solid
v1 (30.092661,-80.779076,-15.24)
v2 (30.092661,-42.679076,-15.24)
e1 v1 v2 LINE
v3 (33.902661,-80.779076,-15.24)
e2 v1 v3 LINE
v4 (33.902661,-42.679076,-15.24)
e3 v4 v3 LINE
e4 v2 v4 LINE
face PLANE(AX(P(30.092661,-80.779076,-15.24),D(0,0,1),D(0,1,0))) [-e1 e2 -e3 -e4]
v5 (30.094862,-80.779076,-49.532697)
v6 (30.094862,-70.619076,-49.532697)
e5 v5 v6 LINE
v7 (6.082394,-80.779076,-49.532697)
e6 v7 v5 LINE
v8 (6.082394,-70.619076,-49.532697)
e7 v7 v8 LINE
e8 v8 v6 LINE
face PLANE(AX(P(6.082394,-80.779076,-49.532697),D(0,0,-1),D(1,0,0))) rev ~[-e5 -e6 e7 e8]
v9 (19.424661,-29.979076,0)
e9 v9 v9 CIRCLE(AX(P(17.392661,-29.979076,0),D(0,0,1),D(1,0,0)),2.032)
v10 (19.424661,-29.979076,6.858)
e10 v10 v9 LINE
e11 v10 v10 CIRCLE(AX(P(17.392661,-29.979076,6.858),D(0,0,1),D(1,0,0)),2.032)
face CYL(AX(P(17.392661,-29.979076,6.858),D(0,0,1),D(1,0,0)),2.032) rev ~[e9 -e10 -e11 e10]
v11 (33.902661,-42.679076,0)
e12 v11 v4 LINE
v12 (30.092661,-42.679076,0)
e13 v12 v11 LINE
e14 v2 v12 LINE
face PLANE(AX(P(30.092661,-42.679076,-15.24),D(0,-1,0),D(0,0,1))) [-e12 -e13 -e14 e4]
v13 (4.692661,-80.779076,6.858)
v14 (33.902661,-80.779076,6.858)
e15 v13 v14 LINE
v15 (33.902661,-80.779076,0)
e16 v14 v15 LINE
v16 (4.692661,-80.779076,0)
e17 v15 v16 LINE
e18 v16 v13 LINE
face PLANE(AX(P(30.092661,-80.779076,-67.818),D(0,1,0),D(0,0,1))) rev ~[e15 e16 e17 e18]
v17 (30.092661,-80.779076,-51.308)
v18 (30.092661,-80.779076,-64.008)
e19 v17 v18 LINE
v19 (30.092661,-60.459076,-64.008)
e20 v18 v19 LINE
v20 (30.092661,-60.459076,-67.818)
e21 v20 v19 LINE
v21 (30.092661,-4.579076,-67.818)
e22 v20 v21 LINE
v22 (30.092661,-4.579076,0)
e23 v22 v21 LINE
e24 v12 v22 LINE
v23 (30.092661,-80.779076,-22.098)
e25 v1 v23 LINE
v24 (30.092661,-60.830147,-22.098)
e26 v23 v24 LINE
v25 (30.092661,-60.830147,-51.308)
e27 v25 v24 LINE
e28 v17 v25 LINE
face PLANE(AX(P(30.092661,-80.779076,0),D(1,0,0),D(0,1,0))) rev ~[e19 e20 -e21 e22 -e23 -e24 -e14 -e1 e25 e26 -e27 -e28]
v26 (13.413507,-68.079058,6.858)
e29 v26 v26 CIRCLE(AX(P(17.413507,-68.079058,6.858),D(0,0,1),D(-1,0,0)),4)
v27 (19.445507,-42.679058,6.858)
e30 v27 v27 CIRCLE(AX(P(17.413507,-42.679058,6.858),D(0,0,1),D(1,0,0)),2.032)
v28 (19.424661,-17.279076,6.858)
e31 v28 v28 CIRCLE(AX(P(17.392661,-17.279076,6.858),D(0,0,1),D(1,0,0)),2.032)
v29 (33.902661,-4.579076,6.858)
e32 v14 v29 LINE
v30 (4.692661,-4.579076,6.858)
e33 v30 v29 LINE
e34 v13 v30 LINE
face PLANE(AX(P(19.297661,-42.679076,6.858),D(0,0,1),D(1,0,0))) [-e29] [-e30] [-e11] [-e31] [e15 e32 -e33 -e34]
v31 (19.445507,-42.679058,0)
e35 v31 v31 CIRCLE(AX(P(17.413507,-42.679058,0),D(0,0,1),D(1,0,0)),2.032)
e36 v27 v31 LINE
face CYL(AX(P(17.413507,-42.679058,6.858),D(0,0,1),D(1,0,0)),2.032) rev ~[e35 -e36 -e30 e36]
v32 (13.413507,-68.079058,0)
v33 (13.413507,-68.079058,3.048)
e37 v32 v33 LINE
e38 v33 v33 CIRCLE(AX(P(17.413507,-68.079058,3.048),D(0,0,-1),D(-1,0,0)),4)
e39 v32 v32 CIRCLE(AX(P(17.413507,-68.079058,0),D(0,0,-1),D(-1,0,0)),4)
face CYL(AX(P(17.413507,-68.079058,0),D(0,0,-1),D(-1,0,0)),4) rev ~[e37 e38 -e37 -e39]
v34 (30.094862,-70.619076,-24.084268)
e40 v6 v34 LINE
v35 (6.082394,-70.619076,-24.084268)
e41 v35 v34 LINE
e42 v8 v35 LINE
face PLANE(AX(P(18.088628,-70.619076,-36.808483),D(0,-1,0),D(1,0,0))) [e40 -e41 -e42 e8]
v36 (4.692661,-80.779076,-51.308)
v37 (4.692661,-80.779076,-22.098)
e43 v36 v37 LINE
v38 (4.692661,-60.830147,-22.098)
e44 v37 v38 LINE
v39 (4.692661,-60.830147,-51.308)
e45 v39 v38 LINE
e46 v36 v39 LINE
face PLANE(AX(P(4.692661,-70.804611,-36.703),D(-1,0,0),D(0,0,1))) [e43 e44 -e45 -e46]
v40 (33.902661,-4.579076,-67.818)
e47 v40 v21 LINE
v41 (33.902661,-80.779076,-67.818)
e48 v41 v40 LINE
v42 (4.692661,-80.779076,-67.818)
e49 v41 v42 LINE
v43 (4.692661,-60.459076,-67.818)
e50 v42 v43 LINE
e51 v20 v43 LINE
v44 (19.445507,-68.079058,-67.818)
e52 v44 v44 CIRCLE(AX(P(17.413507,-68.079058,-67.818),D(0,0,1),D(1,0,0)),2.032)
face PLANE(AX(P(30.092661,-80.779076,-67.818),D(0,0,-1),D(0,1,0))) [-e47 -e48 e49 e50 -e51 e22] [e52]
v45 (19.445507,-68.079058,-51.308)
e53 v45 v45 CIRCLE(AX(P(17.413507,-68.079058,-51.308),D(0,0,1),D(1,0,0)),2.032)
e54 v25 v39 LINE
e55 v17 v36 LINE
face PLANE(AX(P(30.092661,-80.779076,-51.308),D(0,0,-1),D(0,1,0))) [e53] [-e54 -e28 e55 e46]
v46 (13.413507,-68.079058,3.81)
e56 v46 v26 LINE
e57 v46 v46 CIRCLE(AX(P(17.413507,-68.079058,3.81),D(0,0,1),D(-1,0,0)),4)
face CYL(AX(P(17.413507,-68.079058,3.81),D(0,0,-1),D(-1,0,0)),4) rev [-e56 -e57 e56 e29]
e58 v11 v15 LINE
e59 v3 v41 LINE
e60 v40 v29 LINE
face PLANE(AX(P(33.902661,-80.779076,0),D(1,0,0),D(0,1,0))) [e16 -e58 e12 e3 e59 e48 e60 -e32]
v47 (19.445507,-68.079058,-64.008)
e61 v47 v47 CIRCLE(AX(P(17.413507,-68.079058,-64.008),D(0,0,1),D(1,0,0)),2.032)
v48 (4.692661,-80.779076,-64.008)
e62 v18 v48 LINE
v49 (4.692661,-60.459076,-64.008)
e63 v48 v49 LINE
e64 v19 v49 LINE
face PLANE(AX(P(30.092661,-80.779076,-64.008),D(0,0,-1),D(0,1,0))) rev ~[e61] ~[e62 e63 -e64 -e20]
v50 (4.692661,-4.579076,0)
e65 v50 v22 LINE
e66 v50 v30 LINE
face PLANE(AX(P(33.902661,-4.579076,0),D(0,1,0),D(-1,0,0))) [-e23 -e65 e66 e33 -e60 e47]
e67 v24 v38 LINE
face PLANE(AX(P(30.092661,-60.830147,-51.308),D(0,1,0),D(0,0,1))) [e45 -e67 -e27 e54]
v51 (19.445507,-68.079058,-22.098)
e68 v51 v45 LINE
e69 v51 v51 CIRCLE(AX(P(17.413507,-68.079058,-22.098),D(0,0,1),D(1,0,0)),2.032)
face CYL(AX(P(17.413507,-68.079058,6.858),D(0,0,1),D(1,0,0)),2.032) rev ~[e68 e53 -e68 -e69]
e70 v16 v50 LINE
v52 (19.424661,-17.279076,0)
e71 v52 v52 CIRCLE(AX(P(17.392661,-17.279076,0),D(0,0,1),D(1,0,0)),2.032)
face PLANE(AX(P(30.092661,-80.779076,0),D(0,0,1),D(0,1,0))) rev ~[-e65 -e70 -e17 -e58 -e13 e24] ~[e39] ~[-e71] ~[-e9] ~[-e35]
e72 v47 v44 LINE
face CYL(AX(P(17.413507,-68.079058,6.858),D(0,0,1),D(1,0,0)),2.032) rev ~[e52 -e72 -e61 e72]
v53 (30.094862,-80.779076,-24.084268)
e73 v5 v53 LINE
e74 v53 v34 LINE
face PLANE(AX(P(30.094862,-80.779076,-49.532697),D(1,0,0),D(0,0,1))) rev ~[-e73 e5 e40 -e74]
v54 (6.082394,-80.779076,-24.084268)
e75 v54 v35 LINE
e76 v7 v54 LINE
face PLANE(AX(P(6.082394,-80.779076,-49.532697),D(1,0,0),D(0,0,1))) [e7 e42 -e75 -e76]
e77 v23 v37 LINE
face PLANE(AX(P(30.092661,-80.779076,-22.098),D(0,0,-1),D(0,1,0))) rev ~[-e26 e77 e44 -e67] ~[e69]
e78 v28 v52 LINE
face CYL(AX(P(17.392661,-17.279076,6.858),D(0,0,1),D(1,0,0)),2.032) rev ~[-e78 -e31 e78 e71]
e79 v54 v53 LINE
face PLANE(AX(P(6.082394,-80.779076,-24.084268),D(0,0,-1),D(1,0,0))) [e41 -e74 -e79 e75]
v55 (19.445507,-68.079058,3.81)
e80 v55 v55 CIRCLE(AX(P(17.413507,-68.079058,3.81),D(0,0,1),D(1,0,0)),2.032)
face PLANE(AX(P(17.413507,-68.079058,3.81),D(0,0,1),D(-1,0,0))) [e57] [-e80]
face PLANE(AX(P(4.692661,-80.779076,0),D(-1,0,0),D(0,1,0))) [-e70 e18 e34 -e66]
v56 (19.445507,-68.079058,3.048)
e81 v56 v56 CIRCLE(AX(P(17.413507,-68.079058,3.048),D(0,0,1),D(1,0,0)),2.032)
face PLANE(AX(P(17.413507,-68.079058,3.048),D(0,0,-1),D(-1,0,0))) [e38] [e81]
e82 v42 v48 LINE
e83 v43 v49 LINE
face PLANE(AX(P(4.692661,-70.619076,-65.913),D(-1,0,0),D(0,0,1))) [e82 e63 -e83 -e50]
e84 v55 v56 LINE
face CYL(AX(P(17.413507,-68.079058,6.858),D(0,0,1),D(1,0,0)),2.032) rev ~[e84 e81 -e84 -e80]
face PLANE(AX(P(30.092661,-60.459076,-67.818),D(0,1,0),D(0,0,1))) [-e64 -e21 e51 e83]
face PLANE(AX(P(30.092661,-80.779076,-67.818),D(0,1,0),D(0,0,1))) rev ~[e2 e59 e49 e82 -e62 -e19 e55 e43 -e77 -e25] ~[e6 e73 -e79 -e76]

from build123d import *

# Parameters (mm, degrees)
SKETCH1_W            = 29.21
SKETCH1_H            = 76.2
BOSS_EXTRUDE1_DEPTH  = 6.858
SKETCH3_R            = 2.032
CUT_EXTRUDE1_DEPTH   = 25.4
SKETCH17_W           = 3.81
SKETCH17_H           = 76.2
BOSS_EXTRUDE13_DEPTH = 67.818
SKETCH18_W           = 3.81
SKETCH18_H           = 20.32
BOSS_EXTRUDE14_DEPTH = 25.4
SKETCH19_W           = 29.21
SKETCH19_H           = 19.948928224
BOSS_EXTRUDE15_DEPTH = 25.4
SKETCH4_R            = 2.032
CUT_EXTRUDE5_DEPTH   = 116.113658891
SKETCH21_R           = 4
SKETCH21_R_2         = 2
CUT_EXTRUDE6_DEPTH   = 3.048
CUT_EXTRUDE7_START   = -3.048
SKETCH22_R           = 4
CUT_EXTRUDE7_DEPTH   = 3.048
SKETCH23_W           = 15.24
SKETCH23_H           = 38.1
CUT_EXTRUDE8_DEPTH   = 109.488248995
SKETCH24_W           = 24.012467883
SKETCH24_H           = 25.448429418
CUT_EXTRUDE9_DEPTH   = 10.16


with BuildPart() as part:
    # Sketch1 → Boss-Extrude1 (new body)
    with BuildSketch(Plane.XY):
        with Locations((19.297661272, -42.679075546)):
            Rectangle(SKETCH1_W, SKETCH1_H)
    extrude(amount=BOSS_EXTRUDE1_DEPTH)

    # Sketch3 → Cut-Extrude1 (cut)
    with BuildSketch(Plane.XY.offset(6.858)):
        with Locations((17.413506863, -42.679058438)):
            Circle(SKETCH3_R)
        with Locations((17.392661272, -29.979075546)):
            Circle(SKETCH3_R)
        with Locations((17.392661272, -17.279075546)):
            Circle(SKETCH3_R)
    extrude(amount=-CUT_EXTRUDE1_DEPTH, mode=Mode.SUBTRACT)

    # Sketch17 → Boss-Extrude13 (add)
    with BuildSketch(Plane(origin=(0, 0, 0), x_dir=(-1, 0, 0), z_dir=(0, 0, -1))):
        with Locations((-31.997661272, -42.679075546)):
            Rectangle(SKETCH17_W, SKETCH17_H)
    extrude(amount=BOSS_EXTRUDE13_DEPTH)

    # Sketch18 → Boss-Extrude14 (add)
    with BuildSketch(Plane.ZY.offset(-30.092661272)):
        with Locations((-65.913, -70.619075546)):
            Rectangle(SKETCH18_W, SKETCH18_H)
    extrude(amount=BOSS_EXTRUDE14_DEPTH)

    # Sketch19 → Boss-Extrude15 (add)
    with BuildSketch(Plane.ZY.offset(-30.092661272)):
        with Locations((-36.703, -70.804611434)):
            Rectangle(SKETCH19_W, SKETCH19_H)
    extrude(amount=BOSS_EXTRUDE15_DEPTH)

    # Sketch4 → Cut-Extrude5 (cut, through all)
    with BuildSketch(Plane.XY.offset(6.858)):
        with Locations((17.413506863, -68.079058438)):
            Circle(SKETCH4_R)
    extrude(amount=-CUT_EXTRUDE5_DEPTH, mode=Mode.SUBTRACT)

    # Sketch21 → Cut-Extrude6 (cut)
    with BuildSketch(Plane(origin=(0, 0, 0), x_dir=(-1, 0, 0), z_dir=(0, 0, -1))):
        with Locations((-17.413506863, -68.079058438)):
            Circle(SKETCH21_R)
        with Locations((-17.413506863, -68.079058438)):
            Circle(SKETCH21_R_2, mode=Mode.SUBTRACT)
    extrude(amount=-CUT_EXTRUDE6_DEPTH, mode=Mode.SUBTRACT)

    # Sketch22 → Cut-Extrude7 (cut)
    with BuildSketch(Plane.XY.offset(6.858).offset(CUT_EXTRUDE7_START)):
        with Locations(Location((17.413506863, -68.079058438, 0), (0, 0, 180))):
            Circle(SKETCH22_R)
    extrude(amount=CUT_EXTRUDE7_DEPTH, mode=Mode.SUBTRACT)

    # Sketch23 → Cut-Extrude8 (cut, through all)
    with BuildSketch(Plane.ZY.offset(-30.092661272)):
        with Locations((-7.62, -61.729075546)):
            Rectangle(SKETCH23_W, SKETCH23_H)
    extrude(amount=-CUT_EXTRUDE8_DEPTH, mode=Mode.SUBTRACT)

    # Sketch24 → Cut-Extrude9 (cut)
    with BuildSketch(Plane.XZ.offset(80.779075546)):
        with Locations((18.088627796, -36.808482529)):
            Rectangle(SKETCH24_W, SKETCH24_H)
    extrude(amount=-CUT_EXTRUDE9_DEPTH, mode=Mode.SUBTRACT)


solid = part.part
